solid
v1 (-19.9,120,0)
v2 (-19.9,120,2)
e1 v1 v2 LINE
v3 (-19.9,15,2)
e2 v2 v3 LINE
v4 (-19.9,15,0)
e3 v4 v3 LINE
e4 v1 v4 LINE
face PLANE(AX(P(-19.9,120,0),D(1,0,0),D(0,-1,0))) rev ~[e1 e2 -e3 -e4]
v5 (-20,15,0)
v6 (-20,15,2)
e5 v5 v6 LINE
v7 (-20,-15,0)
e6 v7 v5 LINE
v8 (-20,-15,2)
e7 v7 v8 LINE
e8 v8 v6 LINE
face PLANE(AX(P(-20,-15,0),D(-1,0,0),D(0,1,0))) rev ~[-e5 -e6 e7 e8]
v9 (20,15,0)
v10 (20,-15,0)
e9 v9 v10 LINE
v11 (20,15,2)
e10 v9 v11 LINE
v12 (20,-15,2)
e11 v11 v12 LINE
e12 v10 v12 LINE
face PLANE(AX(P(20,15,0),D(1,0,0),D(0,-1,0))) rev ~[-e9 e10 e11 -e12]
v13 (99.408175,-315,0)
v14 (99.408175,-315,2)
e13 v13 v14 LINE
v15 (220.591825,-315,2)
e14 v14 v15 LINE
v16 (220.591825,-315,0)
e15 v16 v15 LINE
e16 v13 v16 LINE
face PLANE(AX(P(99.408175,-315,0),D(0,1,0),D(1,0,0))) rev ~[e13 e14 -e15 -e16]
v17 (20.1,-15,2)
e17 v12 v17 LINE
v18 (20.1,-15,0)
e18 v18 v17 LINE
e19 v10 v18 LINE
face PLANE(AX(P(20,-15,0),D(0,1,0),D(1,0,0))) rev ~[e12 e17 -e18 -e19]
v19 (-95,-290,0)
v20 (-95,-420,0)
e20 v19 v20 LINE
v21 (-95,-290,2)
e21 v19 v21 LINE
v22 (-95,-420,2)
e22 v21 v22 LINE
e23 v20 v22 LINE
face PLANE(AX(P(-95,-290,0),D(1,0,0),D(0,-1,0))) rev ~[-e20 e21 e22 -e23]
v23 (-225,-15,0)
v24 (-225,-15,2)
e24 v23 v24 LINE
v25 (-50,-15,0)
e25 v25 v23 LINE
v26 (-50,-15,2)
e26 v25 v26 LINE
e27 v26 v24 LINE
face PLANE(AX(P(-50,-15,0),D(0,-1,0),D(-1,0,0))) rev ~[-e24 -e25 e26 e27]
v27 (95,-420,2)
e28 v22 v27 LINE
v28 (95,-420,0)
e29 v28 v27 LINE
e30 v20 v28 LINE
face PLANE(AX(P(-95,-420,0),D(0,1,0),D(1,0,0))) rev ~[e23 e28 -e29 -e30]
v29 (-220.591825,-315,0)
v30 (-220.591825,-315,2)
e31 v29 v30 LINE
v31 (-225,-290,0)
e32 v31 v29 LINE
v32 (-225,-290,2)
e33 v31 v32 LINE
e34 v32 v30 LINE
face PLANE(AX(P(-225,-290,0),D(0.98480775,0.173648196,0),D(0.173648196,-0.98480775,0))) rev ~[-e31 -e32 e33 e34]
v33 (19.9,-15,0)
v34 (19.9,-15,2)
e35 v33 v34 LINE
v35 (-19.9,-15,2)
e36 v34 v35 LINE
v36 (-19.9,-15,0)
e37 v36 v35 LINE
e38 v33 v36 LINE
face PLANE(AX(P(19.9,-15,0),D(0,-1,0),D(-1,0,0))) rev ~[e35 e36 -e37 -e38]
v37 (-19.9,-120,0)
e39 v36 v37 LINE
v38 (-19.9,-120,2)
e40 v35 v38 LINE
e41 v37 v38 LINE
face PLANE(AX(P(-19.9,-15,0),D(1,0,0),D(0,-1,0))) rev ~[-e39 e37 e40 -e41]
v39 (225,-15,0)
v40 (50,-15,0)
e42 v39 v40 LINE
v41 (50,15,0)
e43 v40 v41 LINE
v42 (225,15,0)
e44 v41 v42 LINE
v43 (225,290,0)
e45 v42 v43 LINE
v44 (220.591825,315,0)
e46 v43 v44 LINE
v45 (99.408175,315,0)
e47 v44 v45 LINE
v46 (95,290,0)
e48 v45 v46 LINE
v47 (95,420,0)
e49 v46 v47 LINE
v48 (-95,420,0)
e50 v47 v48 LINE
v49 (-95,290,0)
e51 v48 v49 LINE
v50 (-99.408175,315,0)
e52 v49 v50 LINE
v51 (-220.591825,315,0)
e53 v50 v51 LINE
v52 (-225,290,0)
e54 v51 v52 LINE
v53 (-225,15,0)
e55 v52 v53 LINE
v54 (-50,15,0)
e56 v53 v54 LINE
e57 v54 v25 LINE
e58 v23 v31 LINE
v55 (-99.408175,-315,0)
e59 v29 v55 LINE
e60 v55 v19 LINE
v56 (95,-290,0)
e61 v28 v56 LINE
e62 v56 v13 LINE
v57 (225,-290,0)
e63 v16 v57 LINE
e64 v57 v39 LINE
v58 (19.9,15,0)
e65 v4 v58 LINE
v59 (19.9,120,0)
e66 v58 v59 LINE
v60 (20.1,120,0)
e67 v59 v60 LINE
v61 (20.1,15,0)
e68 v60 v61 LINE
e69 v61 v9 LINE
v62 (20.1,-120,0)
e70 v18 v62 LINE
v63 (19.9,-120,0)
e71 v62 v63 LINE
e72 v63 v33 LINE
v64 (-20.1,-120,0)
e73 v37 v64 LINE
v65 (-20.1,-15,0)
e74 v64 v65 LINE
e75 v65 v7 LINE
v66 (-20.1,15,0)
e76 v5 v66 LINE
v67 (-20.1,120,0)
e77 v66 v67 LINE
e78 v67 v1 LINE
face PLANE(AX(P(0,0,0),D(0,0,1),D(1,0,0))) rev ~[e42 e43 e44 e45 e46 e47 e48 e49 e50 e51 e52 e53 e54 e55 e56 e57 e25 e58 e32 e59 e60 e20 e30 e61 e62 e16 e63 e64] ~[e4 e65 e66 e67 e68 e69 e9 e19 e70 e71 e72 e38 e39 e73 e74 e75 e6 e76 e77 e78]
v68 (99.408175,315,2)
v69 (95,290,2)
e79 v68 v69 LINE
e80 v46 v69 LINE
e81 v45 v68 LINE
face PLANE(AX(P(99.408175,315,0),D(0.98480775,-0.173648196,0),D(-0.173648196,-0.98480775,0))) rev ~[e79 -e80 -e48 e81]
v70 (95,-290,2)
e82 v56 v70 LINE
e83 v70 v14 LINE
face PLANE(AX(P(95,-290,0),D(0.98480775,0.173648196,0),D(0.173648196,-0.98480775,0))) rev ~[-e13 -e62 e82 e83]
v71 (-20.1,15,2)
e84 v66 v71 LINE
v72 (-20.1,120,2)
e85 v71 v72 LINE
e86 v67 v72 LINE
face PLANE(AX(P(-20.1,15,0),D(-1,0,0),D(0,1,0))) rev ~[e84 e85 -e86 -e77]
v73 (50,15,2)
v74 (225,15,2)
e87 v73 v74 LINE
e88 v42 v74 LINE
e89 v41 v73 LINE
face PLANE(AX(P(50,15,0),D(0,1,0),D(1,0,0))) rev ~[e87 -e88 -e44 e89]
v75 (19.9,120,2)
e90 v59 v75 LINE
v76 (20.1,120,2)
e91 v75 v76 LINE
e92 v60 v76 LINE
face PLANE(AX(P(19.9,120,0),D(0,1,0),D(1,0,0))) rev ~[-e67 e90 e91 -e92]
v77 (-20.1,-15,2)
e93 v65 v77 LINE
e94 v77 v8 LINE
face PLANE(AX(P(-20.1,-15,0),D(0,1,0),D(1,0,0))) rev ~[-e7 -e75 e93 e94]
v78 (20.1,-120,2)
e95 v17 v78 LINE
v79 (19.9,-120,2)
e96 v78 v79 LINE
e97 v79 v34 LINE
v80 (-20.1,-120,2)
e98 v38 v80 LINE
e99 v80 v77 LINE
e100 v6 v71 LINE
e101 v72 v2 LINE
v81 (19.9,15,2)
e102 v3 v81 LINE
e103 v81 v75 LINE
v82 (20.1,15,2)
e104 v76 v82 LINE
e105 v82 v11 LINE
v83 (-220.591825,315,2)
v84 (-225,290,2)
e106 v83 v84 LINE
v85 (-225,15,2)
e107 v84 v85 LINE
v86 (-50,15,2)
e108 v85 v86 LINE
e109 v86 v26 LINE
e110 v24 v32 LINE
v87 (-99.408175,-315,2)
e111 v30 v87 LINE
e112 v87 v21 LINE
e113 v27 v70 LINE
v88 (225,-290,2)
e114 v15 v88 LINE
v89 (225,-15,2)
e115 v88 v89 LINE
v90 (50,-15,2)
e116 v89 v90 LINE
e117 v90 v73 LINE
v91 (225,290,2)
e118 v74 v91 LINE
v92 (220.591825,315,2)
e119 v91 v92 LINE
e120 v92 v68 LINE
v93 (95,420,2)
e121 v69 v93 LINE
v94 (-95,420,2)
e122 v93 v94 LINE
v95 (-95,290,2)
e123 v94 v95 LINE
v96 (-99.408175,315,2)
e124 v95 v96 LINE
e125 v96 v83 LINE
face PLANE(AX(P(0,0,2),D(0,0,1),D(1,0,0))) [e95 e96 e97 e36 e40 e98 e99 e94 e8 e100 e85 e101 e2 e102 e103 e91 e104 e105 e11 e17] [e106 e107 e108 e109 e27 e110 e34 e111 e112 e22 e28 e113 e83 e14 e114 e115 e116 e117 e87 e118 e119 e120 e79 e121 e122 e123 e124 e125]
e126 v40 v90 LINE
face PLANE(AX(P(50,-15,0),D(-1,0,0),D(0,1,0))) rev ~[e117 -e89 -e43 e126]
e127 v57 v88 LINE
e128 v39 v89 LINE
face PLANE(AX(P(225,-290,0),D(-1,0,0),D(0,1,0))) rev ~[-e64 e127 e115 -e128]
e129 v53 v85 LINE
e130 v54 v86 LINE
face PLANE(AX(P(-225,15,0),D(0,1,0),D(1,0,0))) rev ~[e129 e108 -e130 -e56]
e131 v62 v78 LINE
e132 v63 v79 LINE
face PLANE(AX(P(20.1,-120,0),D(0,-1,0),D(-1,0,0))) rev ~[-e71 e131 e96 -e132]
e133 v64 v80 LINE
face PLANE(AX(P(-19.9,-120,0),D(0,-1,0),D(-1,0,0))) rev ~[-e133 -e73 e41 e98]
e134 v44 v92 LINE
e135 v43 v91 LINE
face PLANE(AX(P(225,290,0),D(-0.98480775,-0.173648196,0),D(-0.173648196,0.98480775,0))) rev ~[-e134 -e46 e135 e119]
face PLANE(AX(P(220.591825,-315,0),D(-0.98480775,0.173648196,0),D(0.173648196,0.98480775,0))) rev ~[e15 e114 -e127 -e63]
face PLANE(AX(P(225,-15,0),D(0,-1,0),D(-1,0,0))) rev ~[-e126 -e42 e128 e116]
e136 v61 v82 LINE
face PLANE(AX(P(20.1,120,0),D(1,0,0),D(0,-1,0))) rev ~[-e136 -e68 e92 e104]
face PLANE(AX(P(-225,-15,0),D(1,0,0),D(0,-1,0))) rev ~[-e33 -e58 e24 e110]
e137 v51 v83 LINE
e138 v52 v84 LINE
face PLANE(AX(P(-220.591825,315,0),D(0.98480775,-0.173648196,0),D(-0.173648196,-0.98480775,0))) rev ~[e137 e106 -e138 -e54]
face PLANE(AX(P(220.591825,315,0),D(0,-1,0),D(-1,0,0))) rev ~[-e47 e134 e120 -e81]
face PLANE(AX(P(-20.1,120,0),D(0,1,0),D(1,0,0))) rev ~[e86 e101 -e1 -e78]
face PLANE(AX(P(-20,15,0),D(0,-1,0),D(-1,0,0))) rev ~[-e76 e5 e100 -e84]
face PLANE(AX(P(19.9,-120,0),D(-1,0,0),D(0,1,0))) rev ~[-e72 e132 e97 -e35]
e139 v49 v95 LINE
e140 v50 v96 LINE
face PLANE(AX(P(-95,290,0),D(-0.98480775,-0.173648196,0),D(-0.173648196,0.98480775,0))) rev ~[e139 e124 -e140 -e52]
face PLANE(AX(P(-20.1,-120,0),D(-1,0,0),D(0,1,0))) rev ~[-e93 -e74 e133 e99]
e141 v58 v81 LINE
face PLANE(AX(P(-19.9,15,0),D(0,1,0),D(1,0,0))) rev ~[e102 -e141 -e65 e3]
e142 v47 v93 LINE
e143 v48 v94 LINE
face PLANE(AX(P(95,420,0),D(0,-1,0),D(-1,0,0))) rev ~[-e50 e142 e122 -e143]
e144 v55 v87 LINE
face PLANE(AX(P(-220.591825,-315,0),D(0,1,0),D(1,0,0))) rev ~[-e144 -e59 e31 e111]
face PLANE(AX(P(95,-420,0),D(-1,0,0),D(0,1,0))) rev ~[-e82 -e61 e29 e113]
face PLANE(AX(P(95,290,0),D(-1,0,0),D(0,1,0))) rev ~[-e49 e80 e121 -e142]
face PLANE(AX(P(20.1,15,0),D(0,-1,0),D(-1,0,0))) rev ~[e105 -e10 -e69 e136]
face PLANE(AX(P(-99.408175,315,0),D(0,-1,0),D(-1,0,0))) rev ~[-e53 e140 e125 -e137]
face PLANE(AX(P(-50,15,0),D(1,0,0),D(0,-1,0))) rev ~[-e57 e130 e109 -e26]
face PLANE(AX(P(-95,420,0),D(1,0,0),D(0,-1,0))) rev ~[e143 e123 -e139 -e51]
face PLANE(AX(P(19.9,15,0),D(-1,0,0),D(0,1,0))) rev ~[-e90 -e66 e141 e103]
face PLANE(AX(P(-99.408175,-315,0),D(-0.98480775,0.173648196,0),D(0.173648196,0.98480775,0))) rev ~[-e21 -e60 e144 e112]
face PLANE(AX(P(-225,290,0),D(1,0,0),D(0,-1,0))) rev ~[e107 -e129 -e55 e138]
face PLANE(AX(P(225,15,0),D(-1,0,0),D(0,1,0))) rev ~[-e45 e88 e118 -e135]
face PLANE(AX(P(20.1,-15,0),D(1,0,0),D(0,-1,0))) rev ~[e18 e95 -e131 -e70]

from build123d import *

# Parameters (mm, degrees)
F1_DEPTH = 2


with BuildPart() as f1:
    # F0 (on Top) → F1 (new body)
    with BuildSketch(Plane.XY):
        Polygon((-225, 15), (-95, 15), (-50.1, 15), (-50.1, 120), (-49.9, 120), (-49.9, 15), (-50, 15), (-50, 0), (-50, -15), (-49.9, -15), (-49.9, -120), (-50.1, -120), (-50.1, -15), (-95, -15), (-225, -15), (-225, -290), (-95, -290), (-95, -420), (0, -420), (95, -420), (95, -290), (225, -290), (225, -15), (95, -15), (50.1, -15), (50.1, -120), (49.9, -120), (49.9, -15), (50, -15), (50, 0), (50, 15), (49.9, 15), (49.9, 120), (50.1, 120), (50.1, 15), (95, 15), (225, 15), (225, 290), (95, 290), (95, 420), (0, 420), (-95, 420), (-95, 290), (-225, 290), align=None)
        Polygon((-19.9, 15), (0, 15), (19.9, 15), (19.9, 120), (20.1, 120), (20.1, 15), (20, 15), (20, 0), (20, -15), (20.1, -15), (20.1, -120), (19.9, -120), (19.9, -15), (0, -15), (-19.9, -15), (-19.9, -120), (-20.1, -120), (-20.1, -15), (-20, -15), (-20, 0), (-20, 15), (-20.1, 15), (-20.1, 120), (-19.9, 120), align=None, mode=Mode.SUBTRACT)
        Polygon((-50.1, 120), (-50.1, 15), (-50, 15), (-49.9, 15), (-49.9, 120), align=None)
        Polygon((-220.591825, 315), (-225, 290), (-95, 290), (-99.408175, 315), align=None)
        Polygon((-49.9, -15), (-50, -15), (-50.1, -15), (-50.1, -120), (-49.9, -120), align=None)
        Polygon((99.408175, 315), (95, 290), (225, 290), (220.591825, 315), align=None)
        Polygon((-95, -290), (-225, -290), (-220.591825, -315), (-99.408175, -315), align=None)
        Polygon((50, 15), (50.1, 15), (50.1, 120), (49.9, 120), (49.9, 15), align=None)
        Polygon((225, -290), (95, -290), (99.408175, -315), (220.591825, -315), align=None)
        Polygon((50.1, -15), (50, -15), (49.9, -15), (49.9, -120), (50.1, -120), align=None)
    extrude(amount=F1_DEPTH)


solid = f1.part
